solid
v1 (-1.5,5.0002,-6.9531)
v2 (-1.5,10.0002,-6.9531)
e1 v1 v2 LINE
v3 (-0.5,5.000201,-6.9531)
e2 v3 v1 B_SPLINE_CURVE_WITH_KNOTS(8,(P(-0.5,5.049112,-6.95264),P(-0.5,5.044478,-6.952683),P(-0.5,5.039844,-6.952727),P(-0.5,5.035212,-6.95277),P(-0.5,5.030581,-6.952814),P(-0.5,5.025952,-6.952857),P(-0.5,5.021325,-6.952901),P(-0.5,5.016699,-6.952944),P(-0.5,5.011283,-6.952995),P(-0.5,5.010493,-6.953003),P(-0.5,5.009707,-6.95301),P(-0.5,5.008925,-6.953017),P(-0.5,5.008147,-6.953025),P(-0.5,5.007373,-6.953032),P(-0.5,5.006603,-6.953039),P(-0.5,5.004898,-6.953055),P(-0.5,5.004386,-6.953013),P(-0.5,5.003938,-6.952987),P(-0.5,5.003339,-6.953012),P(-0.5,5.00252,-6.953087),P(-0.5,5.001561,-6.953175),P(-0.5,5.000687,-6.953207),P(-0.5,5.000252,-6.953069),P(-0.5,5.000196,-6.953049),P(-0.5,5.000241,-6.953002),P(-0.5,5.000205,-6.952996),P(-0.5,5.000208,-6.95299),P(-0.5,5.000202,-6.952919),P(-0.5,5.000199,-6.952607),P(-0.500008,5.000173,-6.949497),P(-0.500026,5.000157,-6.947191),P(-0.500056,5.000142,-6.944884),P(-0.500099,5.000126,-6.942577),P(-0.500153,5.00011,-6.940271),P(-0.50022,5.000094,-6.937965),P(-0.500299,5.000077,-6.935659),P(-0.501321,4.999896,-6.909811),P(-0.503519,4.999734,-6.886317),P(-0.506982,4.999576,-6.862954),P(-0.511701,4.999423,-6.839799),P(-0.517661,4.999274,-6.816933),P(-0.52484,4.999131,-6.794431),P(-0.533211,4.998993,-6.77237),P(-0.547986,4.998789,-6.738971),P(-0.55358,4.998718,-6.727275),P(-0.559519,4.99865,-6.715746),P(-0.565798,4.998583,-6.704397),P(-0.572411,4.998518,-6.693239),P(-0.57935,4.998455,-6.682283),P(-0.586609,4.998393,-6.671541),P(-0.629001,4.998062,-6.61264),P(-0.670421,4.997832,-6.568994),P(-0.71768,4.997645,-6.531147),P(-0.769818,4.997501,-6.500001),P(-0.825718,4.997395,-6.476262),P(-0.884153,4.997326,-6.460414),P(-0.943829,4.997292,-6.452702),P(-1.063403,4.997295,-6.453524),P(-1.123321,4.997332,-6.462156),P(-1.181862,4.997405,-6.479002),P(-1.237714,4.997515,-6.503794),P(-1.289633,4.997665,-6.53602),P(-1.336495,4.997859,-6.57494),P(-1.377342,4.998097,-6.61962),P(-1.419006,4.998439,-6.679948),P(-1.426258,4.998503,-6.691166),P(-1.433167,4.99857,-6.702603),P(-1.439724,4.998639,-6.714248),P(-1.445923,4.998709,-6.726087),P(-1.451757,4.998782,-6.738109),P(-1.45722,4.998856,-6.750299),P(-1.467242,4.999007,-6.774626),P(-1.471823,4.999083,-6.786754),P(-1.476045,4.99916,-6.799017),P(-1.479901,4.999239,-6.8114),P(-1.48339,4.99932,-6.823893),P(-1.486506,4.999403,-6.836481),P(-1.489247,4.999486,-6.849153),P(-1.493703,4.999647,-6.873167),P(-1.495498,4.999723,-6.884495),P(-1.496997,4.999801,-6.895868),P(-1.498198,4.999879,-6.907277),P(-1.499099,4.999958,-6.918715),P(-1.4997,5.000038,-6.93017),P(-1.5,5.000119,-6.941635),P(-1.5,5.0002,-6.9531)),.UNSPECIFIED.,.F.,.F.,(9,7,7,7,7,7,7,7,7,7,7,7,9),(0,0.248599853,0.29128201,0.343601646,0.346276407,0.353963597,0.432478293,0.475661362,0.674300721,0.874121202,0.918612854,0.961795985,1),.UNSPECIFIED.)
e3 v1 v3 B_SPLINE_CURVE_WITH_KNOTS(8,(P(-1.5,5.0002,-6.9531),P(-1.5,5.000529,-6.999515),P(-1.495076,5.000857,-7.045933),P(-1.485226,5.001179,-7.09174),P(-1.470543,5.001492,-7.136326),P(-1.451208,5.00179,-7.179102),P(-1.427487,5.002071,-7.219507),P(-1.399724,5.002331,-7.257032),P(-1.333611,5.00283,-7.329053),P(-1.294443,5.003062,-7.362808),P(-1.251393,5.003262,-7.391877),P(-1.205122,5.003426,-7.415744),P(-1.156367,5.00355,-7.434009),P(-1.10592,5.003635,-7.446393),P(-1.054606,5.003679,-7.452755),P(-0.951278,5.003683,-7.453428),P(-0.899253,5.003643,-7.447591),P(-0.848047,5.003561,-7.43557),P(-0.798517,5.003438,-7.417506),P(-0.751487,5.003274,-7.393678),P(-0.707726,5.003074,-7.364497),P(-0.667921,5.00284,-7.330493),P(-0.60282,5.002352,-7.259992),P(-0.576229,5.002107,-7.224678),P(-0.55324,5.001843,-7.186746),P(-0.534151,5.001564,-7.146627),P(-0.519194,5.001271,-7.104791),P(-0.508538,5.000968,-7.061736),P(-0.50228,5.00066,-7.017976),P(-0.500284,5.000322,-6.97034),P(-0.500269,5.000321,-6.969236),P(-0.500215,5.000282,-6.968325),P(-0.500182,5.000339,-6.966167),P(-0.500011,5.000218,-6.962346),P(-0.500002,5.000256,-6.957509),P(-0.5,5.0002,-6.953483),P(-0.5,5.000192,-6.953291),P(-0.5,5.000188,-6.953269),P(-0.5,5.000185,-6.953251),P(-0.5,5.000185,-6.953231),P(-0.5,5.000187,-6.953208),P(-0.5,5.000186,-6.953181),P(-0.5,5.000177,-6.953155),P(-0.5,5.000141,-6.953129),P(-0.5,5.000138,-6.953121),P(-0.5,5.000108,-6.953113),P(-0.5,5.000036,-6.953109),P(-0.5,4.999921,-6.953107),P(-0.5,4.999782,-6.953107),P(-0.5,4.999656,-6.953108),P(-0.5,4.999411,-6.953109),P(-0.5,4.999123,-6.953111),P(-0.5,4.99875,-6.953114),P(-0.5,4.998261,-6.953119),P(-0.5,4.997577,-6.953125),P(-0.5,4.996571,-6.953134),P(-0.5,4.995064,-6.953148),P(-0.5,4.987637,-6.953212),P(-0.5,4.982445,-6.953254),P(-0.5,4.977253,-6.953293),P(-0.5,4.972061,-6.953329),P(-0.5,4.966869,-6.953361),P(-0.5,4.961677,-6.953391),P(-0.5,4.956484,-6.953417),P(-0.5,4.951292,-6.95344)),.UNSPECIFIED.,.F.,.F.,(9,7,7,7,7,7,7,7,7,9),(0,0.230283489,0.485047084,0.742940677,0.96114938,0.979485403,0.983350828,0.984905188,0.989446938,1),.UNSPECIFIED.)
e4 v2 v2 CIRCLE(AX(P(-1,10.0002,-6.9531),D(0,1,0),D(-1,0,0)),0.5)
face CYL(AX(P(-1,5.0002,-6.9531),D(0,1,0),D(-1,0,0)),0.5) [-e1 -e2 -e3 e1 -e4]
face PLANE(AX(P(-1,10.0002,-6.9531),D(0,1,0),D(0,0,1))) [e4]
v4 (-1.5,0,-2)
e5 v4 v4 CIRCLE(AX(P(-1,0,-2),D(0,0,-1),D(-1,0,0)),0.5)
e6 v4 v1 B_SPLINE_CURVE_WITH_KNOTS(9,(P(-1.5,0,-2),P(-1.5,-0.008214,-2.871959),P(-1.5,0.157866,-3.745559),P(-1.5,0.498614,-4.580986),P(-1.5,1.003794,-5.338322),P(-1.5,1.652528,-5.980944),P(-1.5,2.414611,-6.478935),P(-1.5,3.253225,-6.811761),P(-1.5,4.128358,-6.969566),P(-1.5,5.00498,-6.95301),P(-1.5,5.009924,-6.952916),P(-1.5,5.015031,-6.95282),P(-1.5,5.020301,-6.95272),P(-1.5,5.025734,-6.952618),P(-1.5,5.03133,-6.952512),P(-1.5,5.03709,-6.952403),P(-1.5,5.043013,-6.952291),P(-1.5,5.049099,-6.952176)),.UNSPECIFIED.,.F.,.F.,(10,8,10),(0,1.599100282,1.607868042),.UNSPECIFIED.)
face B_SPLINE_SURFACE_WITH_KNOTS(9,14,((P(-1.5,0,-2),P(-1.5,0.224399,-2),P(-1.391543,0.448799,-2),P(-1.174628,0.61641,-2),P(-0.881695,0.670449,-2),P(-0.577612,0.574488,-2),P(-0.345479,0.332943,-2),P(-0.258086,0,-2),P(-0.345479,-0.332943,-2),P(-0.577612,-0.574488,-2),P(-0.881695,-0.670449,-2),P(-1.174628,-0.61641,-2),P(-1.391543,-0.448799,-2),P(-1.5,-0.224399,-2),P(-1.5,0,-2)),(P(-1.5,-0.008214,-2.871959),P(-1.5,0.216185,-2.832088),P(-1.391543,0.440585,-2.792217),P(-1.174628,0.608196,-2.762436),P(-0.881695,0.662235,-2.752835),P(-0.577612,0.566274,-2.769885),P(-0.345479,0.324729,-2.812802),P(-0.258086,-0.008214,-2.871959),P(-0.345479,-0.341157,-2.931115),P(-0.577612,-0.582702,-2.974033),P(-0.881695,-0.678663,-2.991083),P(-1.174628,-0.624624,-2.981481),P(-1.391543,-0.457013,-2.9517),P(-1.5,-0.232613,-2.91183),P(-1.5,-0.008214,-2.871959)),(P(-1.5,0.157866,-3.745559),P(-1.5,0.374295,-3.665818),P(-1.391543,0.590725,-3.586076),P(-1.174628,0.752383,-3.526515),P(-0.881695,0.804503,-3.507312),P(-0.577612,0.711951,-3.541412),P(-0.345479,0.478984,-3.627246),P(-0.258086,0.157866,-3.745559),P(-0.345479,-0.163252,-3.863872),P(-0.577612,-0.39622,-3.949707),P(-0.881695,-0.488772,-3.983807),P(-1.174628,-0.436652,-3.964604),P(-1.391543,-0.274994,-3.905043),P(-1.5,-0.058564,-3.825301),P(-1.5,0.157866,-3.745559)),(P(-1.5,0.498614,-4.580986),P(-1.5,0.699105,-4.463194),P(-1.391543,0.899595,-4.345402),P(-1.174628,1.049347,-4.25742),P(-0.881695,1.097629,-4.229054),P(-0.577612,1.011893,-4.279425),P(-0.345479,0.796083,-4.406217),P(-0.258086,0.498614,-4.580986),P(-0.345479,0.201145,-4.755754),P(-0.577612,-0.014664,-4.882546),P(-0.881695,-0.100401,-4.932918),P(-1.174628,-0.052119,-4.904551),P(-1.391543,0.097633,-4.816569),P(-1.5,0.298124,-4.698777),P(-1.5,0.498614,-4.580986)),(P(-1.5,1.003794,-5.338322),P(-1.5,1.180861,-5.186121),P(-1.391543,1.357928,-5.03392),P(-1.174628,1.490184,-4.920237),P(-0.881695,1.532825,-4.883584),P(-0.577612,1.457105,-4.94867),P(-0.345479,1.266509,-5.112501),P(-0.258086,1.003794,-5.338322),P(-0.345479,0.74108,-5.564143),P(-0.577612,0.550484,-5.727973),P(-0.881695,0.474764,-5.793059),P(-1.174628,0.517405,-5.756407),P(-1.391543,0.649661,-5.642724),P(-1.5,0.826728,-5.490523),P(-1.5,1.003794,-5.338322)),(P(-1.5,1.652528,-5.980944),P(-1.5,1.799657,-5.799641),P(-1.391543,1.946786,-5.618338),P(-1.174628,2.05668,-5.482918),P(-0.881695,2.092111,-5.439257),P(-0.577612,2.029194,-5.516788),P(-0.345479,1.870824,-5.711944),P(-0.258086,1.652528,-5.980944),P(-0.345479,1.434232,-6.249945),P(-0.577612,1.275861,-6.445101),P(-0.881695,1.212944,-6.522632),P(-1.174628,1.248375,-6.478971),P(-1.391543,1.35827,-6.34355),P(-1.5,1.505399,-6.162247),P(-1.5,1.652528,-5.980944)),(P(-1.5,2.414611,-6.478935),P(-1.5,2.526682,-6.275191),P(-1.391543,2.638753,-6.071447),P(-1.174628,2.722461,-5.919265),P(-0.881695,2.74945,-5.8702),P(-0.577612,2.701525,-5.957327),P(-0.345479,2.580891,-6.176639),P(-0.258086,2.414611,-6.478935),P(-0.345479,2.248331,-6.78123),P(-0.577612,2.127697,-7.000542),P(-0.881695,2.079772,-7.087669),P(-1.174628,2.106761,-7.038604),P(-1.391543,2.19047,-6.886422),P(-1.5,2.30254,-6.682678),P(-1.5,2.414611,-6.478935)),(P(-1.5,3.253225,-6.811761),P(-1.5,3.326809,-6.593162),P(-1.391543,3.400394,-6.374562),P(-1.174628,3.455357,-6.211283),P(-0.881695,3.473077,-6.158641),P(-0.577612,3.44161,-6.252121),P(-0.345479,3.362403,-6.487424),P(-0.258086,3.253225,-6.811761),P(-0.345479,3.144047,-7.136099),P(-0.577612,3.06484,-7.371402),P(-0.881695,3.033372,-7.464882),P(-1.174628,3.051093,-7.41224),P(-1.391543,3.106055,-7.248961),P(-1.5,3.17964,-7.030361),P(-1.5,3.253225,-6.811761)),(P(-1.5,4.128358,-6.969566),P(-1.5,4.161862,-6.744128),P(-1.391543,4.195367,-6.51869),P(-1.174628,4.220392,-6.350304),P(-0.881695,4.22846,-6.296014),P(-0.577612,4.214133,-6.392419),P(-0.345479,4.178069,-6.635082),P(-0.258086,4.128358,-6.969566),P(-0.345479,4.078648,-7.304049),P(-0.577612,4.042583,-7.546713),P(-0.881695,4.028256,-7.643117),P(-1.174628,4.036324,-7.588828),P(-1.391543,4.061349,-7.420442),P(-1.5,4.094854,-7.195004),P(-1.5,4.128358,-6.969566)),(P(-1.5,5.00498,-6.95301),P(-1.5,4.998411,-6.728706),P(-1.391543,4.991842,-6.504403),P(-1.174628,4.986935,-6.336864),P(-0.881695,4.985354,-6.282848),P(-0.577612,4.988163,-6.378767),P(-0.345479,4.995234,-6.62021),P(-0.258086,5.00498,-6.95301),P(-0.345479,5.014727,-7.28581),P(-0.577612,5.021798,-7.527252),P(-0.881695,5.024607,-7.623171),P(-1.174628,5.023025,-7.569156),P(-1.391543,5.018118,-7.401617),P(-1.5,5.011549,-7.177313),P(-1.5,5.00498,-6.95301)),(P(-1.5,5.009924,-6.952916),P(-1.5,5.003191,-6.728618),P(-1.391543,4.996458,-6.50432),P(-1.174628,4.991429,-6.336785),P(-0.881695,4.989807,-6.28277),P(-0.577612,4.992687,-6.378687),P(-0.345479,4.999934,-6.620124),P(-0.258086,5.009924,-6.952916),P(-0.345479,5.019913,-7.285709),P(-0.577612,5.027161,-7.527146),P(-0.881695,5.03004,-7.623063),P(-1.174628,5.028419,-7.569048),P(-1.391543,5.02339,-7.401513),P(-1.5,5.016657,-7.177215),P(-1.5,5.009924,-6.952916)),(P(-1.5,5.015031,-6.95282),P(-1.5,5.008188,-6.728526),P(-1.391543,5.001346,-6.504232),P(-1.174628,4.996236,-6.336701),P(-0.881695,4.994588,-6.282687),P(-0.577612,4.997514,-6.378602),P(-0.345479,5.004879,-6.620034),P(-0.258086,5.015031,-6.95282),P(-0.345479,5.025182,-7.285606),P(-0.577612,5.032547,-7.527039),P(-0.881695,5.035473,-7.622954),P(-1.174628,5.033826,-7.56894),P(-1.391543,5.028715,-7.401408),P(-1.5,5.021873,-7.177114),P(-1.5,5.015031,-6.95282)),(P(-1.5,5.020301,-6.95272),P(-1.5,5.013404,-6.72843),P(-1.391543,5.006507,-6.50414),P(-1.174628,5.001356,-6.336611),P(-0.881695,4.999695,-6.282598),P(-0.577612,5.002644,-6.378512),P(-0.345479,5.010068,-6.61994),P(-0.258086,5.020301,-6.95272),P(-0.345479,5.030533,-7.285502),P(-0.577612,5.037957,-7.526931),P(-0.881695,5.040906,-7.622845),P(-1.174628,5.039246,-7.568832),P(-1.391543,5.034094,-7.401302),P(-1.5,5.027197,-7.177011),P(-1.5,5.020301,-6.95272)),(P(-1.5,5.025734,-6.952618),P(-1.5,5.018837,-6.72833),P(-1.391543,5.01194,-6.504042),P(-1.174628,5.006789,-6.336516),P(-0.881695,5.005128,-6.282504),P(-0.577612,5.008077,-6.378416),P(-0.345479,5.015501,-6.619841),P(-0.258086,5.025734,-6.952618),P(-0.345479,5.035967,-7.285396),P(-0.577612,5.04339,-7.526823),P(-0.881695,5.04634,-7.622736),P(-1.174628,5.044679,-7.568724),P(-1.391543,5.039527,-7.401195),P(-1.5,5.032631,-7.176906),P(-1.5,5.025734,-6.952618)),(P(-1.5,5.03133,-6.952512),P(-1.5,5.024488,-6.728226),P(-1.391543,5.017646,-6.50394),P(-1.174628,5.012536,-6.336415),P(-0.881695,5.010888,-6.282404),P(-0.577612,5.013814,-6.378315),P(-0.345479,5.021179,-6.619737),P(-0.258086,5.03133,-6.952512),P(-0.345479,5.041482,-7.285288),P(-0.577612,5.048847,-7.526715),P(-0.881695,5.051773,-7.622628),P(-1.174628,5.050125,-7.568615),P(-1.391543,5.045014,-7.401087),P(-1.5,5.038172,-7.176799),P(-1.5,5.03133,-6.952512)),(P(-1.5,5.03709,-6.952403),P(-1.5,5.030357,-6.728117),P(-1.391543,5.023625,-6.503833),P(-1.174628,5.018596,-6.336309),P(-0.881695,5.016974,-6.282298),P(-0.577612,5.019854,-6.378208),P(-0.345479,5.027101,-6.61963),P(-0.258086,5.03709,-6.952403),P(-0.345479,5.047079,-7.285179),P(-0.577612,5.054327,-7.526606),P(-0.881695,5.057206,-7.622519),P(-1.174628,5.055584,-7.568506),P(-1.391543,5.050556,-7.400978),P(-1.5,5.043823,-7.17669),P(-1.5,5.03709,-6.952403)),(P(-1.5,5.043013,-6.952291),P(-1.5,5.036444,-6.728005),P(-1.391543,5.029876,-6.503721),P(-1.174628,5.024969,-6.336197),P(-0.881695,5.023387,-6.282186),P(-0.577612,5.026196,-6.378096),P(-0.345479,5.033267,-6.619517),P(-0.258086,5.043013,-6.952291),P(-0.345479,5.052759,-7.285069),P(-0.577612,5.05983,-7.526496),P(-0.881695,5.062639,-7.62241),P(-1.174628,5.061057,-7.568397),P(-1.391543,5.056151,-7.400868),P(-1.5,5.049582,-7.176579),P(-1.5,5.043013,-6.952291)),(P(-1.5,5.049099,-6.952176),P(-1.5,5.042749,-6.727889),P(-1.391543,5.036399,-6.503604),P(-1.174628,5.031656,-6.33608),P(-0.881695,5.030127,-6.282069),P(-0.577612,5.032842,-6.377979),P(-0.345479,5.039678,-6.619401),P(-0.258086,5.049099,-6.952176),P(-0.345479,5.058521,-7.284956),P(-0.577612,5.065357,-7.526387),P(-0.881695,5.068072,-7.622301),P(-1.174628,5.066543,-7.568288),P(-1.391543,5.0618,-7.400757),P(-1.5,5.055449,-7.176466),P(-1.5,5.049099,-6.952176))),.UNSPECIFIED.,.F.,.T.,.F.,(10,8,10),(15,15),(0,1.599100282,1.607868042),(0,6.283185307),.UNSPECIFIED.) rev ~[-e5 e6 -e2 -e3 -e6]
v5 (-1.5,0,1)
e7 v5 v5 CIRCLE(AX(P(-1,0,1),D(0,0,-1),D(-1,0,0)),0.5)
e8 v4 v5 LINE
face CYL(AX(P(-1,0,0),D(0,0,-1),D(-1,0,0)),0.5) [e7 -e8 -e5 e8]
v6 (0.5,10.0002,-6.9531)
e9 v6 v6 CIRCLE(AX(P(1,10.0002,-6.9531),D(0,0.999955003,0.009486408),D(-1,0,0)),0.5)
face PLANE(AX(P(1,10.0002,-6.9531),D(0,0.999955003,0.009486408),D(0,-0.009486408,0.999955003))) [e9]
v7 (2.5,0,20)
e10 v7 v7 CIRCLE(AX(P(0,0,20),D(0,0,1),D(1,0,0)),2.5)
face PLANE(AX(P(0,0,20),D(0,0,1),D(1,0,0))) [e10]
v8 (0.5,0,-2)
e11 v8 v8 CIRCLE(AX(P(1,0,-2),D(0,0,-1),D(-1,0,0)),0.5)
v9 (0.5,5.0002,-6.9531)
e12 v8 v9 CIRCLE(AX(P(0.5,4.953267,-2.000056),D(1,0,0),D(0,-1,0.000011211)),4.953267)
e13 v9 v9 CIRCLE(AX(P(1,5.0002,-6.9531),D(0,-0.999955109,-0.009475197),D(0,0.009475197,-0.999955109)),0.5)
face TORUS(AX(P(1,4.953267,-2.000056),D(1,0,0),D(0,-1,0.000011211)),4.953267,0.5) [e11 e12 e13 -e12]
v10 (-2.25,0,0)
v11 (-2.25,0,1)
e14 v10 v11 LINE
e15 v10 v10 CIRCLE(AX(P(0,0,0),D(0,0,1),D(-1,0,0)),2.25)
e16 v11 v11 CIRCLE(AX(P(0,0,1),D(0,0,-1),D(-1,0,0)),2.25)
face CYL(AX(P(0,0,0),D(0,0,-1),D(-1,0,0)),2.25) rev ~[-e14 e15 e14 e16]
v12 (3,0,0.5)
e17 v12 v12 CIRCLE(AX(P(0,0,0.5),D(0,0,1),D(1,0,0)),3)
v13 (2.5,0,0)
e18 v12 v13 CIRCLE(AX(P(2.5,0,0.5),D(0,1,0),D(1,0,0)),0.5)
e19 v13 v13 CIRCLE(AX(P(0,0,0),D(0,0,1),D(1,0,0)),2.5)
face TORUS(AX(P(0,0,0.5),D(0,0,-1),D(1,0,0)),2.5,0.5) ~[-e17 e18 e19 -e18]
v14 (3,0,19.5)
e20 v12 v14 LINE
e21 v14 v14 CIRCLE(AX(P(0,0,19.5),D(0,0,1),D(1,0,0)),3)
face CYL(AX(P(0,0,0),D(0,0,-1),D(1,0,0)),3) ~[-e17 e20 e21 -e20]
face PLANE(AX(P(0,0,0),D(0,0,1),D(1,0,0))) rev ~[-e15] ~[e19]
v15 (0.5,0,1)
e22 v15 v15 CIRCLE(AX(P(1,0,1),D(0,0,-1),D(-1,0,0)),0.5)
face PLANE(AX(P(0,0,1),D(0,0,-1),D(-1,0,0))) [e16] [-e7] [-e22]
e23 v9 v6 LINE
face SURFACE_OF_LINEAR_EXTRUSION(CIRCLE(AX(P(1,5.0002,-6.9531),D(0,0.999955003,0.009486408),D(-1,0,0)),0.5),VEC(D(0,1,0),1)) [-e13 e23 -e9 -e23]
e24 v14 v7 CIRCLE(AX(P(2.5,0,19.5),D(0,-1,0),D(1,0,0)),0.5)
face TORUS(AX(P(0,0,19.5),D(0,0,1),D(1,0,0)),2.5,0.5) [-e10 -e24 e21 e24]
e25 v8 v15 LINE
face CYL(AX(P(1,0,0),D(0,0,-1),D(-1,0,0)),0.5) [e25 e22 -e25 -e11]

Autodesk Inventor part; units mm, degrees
ref_plane "XZ Plane" through (0, 0, 0) normal (0, 1, 0) x (-1, 0, 0)
sketch "Эскиз1" plane through (0, 0, 0) normal (0, 0, 1) x (1, 0, 0)
  circle A0 centre (0, 0) radius 3
  dimension "d0" = 6
extrude "Выдавливание1" add sketch "Эскиз1" along normal blind 20
fillet "Сопряжение1" radius 0.5 2 edges at (-3, 0, 20) (-3, 0, 0)
sketch "Эскиз2" plane through (0, 0, 0) normal (0, 0, -1) x (-1, 0, 0)
  circle A0 centre (0, 0) radius 2.25
  circle A1 centre (1, 0) radius 0.5
  circle A2 centre (-1, 0) radius 0.5
  line L0 (0, 2.25) -> (0, -2.5)
  circle A3 centre (0, 0) radius 2.5 projected
  dimension "d4" = 4.5
  dimension "d5" = 1
  dimension "d6" = 1
  dimension "d7" = 2
extrude "Выдавливание2" cut sketch "Эскиз2" against normal blind 1 contours A0 L0 | L0 A0
ref_plane "РабПлоскость1" through (1, 0, 0) normal (1, 0, 0) x (0, 1, 0)
sketch "Эскиз3" plane through (1, 0, 0) normal (1, 0, 0) x (0, 1, 0)
  line L0 (0, 0) -> (0, -2)
  arc A0 (0, -2) -> (5.0002, -6.9531) centre (4.9534, -2) ccw
  line L1 (5.0002, -6.9531) -> (10.0002, -6.9531)
  dimension "d11" = 2
  dimension "d12" = 5
sketch "Эскиз4" plane through (1, 0, 0) normal (0, 0, -1) x (-1, 0, 0)
  circle A0 centre (0, 0) radius 0.5
  circle A1 centre (2, 0) radius 0.5 projected
  circle A2 centre (2, 0) radius 0.5
  point P0 (1, 0)
sweep "Сдвиг1" add profiles "Эскиз4" path "Эскиз3" contours A0
ref_plane "РабПлоскость2" through (-1, 0, 0) normal (1, 0, 0) x (0, 1, 0)
sketch "Эскиз5" plane through (-1, 0, 0) normal (1, 0, 0) x (0, 1, 0)
  line L0 (0, 0) -> (0, -2)
  line L1 (-0.5, -2) -> (0.5, -2) projected
  line L2 (5.005, -7.4531) -> (4.9955, -6.4532) projected
  arc A0 (0, -2) -> (5.0002, -6.9531) centre (4.9076, -2.0462) ccw
  line L3 (5.0002, -6.9531) -> (10.0002, -6.9531)
  line L4 (10.0002, -7.4531) -> (10.0002, -6.4531) projected
sweep "Сдвиг2" add profiles "Эскиз4" path "Эскиз5" path curves L0 A0 L3 contours A1
properties part number "heater-cartrig" material "Messing, weicher Gelbton"
